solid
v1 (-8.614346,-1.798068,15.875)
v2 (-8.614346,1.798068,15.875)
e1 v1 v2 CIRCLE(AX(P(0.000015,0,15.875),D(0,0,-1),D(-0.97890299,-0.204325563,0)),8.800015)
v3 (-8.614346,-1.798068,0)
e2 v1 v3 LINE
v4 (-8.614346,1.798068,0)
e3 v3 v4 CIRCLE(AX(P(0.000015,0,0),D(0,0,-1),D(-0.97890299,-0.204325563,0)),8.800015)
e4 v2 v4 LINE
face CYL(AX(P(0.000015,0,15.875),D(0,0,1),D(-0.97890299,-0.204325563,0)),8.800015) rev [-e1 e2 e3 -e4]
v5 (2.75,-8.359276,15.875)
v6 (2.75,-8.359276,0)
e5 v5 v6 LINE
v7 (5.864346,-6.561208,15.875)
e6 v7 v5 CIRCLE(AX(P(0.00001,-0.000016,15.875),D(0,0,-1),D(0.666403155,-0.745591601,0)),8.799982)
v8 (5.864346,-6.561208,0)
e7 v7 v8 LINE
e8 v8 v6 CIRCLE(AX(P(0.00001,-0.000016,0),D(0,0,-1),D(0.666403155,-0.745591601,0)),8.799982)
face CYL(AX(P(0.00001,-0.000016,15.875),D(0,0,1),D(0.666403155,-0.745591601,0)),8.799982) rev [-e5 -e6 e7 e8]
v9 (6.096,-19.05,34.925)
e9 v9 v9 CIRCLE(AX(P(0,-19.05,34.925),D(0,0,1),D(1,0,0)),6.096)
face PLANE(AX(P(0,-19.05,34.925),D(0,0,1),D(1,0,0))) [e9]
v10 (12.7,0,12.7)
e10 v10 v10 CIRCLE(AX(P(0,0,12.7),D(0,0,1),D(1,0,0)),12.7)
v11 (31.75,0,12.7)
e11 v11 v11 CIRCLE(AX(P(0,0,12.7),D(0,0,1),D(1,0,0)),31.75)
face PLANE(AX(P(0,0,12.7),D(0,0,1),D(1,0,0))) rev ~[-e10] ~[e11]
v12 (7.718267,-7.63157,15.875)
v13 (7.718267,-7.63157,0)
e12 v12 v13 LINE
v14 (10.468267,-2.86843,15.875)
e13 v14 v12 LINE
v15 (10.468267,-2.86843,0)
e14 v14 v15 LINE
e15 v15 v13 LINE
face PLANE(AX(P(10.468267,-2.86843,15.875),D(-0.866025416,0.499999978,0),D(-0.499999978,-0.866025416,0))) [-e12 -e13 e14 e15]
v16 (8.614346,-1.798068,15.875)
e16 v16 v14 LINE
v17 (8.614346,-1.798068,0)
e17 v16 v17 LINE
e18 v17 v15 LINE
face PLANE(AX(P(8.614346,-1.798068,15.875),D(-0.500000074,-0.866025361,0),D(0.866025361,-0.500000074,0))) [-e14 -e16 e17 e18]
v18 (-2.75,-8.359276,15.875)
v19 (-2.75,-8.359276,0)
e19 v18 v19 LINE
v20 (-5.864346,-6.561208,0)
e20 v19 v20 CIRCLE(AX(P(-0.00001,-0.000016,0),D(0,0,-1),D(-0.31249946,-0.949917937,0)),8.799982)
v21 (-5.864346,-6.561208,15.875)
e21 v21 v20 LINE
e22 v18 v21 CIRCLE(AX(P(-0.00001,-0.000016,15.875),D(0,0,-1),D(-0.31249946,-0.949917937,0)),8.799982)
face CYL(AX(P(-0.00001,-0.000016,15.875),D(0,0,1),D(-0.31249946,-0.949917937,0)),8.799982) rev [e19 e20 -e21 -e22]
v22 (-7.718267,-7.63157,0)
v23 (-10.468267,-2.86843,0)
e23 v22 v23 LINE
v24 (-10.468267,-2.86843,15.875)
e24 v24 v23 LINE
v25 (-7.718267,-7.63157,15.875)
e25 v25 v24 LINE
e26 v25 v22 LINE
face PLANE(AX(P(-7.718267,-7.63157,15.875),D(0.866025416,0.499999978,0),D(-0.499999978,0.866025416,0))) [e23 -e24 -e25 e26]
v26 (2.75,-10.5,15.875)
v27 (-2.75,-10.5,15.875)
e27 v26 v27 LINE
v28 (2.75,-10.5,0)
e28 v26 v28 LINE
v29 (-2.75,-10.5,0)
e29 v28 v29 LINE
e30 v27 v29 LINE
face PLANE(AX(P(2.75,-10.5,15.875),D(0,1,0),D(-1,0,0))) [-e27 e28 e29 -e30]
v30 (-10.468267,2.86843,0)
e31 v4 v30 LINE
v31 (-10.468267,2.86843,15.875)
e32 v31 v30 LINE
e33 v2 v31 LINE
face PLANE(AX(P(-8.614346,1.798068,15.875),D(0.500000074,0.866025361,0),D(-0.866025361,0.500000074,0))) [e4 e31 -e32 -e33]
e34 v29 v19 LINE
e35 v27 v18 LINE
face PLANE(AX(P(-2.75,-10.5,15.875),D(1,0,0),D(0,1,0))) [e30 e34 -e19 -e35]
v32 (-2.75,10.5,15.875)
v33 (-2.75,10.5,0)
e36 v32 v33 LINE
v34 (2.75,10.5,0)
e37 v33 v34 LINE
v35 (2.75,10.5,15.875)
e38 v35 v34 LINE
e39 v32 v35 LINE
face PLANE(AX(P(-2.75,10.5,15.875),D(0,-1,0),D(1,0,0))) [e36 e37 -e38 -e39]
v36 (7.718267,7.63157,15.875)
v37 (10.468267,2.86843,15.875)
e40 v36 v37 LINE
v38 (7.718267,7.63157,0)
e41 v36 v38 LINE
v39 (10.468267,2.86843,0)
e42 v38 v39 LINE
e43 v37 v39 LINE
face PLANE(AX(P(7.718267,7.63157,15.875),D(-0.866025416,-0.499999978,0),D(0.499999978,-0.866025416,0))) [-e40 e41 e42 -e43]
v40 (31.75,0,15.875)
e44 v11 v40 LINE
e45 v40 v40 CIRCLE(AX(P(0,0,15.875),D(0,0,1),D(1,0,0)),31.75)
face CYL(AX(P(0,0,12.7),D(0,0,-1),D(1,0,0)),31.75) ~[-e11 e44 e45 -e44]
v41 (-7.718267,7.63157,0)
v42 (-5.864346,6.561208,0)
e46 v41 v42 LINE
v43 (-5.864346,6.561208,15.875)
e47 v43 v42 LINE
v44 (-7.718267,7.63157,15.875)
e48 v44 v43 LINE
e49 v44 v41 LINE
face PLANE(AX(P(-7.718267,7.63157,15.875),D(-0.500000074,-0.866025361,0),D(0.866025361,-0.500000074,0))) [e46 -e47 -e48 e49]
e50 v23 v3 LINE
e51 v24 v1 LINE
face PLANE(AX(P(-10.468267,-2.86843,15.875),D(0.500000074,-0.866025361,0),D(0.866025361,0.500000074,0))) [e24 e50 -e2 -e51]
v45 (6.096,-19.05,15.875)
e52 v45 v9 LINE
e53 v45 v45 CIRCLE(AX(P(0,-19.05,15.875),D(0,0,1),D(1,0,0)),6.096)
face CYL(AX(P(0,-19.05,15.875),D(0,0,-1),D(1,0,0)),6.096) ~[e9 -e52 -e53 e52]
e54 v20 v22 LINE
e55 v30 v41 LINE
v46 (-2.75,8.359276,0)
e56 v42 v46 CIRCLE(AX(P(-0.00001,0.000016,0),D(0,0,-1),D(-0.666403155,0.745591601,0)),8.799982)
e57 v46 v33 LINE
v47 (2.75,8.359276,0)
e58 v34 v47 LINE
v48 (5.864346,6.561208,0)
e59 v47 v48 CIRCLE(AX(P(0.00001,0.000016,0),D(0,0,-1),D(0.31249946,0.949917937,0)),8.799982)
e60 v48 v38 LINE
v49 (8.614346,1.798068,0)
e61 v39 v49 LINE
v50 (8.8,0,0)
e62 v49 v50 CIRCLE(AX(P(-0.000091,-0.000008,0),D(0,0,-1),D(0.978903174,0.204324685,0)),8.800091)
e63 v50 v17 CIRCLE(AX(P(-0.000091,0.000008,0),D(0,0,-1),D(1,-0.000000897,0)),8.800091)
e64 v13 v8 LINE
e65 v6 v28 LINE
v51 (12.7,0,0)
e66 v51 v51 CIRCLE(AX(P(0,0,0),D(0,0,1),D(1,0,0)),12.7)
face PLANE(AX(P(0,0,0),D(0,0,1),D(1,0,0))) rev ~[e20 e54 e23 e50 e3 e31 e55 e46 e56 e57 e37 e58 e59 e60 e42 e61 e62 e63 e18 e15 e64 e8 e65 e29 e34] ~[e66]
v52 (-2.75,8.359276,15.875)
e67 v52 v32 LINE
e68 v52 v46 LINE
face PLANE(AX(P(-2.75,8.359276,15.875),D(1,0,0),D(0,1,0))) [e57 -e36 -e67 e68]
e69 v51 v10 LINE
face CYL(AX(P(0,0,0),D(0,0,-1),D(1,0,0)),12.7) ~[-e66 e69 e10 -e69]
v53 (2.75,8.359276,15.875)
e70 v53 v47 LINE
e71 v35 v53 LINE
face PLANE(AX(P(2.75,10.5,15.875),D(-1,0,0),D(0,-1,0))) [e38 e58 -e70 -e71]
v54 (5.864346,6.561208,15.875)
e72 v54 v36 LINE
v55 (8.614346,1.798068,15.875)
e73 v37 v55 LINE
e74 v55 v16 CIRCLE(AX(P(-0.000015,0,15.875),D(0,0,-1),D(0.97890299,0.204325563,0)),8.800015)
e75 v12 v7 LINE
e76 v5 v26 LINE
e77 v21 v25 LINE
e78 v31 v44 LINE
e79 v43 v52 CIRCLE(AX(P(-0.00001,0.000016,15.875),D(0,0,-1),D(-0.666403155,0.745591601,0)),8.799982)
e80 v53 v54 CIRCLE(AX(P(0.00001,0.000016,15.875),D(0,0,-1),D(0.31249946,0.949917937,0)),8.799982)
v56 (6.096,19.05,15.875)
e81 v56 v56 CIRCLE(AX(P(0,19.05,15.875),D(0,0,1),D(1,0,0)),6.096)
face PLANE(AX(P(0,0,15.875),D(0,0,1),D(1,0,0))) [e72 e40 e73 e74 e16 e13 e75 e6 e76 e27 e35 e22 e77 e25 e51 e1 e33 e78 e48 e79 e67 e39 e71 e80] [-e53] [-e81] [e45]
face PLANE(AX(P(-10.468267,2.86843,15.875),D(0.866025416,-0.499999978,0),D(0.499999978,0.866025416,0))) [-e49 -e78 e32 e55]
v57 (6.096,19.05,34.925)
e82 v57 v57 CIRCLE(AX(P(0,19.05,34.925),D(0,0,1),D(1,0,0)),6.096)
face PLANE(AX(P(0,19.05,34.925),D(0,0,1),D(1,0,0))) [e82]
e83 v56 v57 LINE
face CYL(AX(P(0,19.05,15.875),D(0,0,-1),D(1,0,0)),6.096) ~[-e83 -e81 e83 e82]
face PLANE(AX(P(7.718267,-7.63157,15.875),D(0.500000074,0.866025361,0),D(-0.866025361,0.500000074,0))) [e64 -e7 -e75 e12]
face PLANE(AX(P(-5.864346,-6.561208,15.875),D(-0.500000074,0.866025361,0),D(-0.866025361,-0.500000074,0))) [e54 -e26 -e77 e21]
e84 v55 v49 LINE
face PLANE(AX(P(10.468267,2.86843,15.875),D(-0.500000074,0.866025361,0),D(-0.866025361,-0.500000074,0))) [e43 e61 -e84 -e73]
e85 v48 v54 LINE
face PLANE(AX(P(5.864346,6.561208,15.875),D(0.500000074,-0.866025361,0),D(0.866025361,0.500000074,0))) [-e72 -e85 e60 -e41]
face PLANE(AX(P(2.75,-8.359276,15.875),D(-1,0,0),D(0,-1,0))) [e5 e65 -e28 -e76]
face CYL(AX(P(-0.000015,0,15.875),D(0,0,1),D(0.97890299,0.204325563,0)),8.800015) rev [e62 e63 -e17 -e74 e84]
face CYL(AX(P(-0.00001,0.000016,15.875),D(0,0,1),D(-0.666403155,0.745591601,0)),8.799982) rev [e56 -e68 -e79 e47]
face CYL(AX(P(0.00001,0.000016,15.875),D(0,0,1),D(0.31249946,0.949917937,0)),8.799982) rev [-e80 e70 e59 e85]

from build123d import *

# Parameters (mm, degrees)
F0_R     = 12.7
F1_DEPTH = 12.7
F4_R     = 31.75
F5_DEPTH = 3.175
F6_R     = 6.096
F7_DEPTH = 19.05
F8_DEPTH = 25.4


with BuildPart() as f1:
    # F0 (on Top) → F1 (new body)
    with BuildSketch(Plane.XY):
        Circle(F0_R)
        with BuildLine():
            ThreePointArc((8.614346, 1.798068), (8.753463, 0.903814), (8.8, 0))
            ThreePointArc((8.8, 0), (8.753463, -0.903814), (8.614346, -1.798068))
            Line((8.614346, -1.798068), (10.468267, -2.86843))
            Line((10.468267, -2.86843), (7.718267, -7.63157))
            Line((7.718267, -7.63157), (5.864346, -6.561208))
            ThreePointArc((5.864346, -6.561208), (4.4, -7.621024), (2.75, -8.359276))
            Line((2.75, -8.359276), (2.75, -10.5))
            Line((2.75, -10.5), (-2.75, -10.5))
            Line((-2.75, -10.5), (-2.75, -8.359276))
            ThreePointArc((-2.75, -8.359276), (-4.4, -7.621024), (-5.864346, -6.561208))
            Line((-5.864346, -6.561208), (-7.718267, -7.63157))
            Line((-7.718267, -7.63157), (-10.468267, -2.86843))
            Line((-10.468267, -2.86843), (-8.614346, -1.798068))
            ThreePointArc((-8.614346, -1.798068), (-8.8, 0), (-8.614346, 1.798068))
            Line((-8.614346, 1.798068), (-10.468267, 2.86843))
            Line((-10.468267, 2.86843), (-7.718267, 7.63157))
            Line((-7.718267, 7.63157), (-5.864346, 6.561208))
            ThreePointArc((-5.864346, 6.561208), (-4.4, 7.621024), (-2.75, 8.359276))
            Line((-2.75, 8.359276), (-2.75, 10.5))
            Line((-2.75, 10.5), (2.75, 10.5))
            Line((2.75, 10.5), (2.75, 8.359276))
            ThreePointArc((2.75, 8.359276), (4.4, 7.621024), (5.864346, 6.561208))
            Line((5.864346, 6.561208), (7.718267, 7.63157))
            Line((7.718267, 7.63157), (10.468267, 2.86843))
            Line((10.468267, 2.86843), (8.614346, 1.798068))
        make_face(mode=Mode.SUBTRACT)
    extrude(amount=F1_DEPTH)

    # F4 (on face) → F5 (join)
    with BuildSketch(Plane.XY.offset(12.7)):
        Circle(F4_R)
    extrude(amount=F5_DEPTH)

    # F6 (on face) → F7 (join)
    with BuildSketch(Plane.XY.offset(15.875)):
        with Locations((0, 19.05)):
            Circle(F6_R)
        with Locations((0, -19.05)):
            Circle(F6_R)
    extrude(amount=F7_DEPTH)

    # F5_face (on face) → F8 (cut)
    with BuildSketch(Plane.XY.offset(15.875)):
        with BuildLine():
            Line((5.864346, 6.561208), (7.718267, 7.63157))
            Line((7.718267, 7.63157), (10.468267, 2.86843))
            Line((10.468267, 2.86843), (8.614346, 1.798068))
            ThreePointArc((8.614346, 1.798068), (8.8, 0), (8.614346, -1.798068))
            Line((8.614346, -1.798068), (10.468267, -2.86843))
            Line((10.468267, -2.86843), (7.718267, -7.63157))
            Line((7.718267, -7.63157), (5.864346, -6.561208))
            ThreePointArc((5.864346, -6.561208), (4.4, -7.621024), (2.75, -8.359276))
            Line((2.75, -8.359276), (2.75, -10.5))
            Line((2.75, -10.5), (-2.75, -10.5))
            Line((-2.75, -10.5), (-2.75, -8.359276))
            ThreePointArc((-2.75, -8.359276), (-4.4, -7.621024), (-5.864346, -6.561208))
            Line((-5.864346, -6.561208), (-7.718267, -7.63157))
            Line((-7.718267, -7.63157), (-10.468267, -2.86843))
            Line((-10.468267, -2.86843), (-8.614346, -1.798068))
            ThreePointArc((-8.614346, -1.798068), (-8.8, 0), (-8.614346, 1.798068))
            Line((-8.614346, 1.798068), (-10.468267, 2.86843))
            Line((-10.468267, 2.86843), (-7.718267, 7.63157))
            Line((-7.718267, 7.63157), (-5.864346, 6.561208))
            ThreePointArc((-5.864346, 6.561208), (-4.4, 7.621024), (-2.75, 8.359276))
            Line((-2.75, 8.359276), (-2.75, 10.5))
            Line((-2.75, 10.5), (2.75, 10.5))
            Line((2.75, 10.5), (2.75, 8.359276))
            ThreePointArc((2.75, 8.359276), (4.4, 7.621024), (5.864346, 6.561208))
        make_face()
    extrude(amount=-F8_DEPTH, mode=Mode.SUBTRACT)


solid = f1.part
